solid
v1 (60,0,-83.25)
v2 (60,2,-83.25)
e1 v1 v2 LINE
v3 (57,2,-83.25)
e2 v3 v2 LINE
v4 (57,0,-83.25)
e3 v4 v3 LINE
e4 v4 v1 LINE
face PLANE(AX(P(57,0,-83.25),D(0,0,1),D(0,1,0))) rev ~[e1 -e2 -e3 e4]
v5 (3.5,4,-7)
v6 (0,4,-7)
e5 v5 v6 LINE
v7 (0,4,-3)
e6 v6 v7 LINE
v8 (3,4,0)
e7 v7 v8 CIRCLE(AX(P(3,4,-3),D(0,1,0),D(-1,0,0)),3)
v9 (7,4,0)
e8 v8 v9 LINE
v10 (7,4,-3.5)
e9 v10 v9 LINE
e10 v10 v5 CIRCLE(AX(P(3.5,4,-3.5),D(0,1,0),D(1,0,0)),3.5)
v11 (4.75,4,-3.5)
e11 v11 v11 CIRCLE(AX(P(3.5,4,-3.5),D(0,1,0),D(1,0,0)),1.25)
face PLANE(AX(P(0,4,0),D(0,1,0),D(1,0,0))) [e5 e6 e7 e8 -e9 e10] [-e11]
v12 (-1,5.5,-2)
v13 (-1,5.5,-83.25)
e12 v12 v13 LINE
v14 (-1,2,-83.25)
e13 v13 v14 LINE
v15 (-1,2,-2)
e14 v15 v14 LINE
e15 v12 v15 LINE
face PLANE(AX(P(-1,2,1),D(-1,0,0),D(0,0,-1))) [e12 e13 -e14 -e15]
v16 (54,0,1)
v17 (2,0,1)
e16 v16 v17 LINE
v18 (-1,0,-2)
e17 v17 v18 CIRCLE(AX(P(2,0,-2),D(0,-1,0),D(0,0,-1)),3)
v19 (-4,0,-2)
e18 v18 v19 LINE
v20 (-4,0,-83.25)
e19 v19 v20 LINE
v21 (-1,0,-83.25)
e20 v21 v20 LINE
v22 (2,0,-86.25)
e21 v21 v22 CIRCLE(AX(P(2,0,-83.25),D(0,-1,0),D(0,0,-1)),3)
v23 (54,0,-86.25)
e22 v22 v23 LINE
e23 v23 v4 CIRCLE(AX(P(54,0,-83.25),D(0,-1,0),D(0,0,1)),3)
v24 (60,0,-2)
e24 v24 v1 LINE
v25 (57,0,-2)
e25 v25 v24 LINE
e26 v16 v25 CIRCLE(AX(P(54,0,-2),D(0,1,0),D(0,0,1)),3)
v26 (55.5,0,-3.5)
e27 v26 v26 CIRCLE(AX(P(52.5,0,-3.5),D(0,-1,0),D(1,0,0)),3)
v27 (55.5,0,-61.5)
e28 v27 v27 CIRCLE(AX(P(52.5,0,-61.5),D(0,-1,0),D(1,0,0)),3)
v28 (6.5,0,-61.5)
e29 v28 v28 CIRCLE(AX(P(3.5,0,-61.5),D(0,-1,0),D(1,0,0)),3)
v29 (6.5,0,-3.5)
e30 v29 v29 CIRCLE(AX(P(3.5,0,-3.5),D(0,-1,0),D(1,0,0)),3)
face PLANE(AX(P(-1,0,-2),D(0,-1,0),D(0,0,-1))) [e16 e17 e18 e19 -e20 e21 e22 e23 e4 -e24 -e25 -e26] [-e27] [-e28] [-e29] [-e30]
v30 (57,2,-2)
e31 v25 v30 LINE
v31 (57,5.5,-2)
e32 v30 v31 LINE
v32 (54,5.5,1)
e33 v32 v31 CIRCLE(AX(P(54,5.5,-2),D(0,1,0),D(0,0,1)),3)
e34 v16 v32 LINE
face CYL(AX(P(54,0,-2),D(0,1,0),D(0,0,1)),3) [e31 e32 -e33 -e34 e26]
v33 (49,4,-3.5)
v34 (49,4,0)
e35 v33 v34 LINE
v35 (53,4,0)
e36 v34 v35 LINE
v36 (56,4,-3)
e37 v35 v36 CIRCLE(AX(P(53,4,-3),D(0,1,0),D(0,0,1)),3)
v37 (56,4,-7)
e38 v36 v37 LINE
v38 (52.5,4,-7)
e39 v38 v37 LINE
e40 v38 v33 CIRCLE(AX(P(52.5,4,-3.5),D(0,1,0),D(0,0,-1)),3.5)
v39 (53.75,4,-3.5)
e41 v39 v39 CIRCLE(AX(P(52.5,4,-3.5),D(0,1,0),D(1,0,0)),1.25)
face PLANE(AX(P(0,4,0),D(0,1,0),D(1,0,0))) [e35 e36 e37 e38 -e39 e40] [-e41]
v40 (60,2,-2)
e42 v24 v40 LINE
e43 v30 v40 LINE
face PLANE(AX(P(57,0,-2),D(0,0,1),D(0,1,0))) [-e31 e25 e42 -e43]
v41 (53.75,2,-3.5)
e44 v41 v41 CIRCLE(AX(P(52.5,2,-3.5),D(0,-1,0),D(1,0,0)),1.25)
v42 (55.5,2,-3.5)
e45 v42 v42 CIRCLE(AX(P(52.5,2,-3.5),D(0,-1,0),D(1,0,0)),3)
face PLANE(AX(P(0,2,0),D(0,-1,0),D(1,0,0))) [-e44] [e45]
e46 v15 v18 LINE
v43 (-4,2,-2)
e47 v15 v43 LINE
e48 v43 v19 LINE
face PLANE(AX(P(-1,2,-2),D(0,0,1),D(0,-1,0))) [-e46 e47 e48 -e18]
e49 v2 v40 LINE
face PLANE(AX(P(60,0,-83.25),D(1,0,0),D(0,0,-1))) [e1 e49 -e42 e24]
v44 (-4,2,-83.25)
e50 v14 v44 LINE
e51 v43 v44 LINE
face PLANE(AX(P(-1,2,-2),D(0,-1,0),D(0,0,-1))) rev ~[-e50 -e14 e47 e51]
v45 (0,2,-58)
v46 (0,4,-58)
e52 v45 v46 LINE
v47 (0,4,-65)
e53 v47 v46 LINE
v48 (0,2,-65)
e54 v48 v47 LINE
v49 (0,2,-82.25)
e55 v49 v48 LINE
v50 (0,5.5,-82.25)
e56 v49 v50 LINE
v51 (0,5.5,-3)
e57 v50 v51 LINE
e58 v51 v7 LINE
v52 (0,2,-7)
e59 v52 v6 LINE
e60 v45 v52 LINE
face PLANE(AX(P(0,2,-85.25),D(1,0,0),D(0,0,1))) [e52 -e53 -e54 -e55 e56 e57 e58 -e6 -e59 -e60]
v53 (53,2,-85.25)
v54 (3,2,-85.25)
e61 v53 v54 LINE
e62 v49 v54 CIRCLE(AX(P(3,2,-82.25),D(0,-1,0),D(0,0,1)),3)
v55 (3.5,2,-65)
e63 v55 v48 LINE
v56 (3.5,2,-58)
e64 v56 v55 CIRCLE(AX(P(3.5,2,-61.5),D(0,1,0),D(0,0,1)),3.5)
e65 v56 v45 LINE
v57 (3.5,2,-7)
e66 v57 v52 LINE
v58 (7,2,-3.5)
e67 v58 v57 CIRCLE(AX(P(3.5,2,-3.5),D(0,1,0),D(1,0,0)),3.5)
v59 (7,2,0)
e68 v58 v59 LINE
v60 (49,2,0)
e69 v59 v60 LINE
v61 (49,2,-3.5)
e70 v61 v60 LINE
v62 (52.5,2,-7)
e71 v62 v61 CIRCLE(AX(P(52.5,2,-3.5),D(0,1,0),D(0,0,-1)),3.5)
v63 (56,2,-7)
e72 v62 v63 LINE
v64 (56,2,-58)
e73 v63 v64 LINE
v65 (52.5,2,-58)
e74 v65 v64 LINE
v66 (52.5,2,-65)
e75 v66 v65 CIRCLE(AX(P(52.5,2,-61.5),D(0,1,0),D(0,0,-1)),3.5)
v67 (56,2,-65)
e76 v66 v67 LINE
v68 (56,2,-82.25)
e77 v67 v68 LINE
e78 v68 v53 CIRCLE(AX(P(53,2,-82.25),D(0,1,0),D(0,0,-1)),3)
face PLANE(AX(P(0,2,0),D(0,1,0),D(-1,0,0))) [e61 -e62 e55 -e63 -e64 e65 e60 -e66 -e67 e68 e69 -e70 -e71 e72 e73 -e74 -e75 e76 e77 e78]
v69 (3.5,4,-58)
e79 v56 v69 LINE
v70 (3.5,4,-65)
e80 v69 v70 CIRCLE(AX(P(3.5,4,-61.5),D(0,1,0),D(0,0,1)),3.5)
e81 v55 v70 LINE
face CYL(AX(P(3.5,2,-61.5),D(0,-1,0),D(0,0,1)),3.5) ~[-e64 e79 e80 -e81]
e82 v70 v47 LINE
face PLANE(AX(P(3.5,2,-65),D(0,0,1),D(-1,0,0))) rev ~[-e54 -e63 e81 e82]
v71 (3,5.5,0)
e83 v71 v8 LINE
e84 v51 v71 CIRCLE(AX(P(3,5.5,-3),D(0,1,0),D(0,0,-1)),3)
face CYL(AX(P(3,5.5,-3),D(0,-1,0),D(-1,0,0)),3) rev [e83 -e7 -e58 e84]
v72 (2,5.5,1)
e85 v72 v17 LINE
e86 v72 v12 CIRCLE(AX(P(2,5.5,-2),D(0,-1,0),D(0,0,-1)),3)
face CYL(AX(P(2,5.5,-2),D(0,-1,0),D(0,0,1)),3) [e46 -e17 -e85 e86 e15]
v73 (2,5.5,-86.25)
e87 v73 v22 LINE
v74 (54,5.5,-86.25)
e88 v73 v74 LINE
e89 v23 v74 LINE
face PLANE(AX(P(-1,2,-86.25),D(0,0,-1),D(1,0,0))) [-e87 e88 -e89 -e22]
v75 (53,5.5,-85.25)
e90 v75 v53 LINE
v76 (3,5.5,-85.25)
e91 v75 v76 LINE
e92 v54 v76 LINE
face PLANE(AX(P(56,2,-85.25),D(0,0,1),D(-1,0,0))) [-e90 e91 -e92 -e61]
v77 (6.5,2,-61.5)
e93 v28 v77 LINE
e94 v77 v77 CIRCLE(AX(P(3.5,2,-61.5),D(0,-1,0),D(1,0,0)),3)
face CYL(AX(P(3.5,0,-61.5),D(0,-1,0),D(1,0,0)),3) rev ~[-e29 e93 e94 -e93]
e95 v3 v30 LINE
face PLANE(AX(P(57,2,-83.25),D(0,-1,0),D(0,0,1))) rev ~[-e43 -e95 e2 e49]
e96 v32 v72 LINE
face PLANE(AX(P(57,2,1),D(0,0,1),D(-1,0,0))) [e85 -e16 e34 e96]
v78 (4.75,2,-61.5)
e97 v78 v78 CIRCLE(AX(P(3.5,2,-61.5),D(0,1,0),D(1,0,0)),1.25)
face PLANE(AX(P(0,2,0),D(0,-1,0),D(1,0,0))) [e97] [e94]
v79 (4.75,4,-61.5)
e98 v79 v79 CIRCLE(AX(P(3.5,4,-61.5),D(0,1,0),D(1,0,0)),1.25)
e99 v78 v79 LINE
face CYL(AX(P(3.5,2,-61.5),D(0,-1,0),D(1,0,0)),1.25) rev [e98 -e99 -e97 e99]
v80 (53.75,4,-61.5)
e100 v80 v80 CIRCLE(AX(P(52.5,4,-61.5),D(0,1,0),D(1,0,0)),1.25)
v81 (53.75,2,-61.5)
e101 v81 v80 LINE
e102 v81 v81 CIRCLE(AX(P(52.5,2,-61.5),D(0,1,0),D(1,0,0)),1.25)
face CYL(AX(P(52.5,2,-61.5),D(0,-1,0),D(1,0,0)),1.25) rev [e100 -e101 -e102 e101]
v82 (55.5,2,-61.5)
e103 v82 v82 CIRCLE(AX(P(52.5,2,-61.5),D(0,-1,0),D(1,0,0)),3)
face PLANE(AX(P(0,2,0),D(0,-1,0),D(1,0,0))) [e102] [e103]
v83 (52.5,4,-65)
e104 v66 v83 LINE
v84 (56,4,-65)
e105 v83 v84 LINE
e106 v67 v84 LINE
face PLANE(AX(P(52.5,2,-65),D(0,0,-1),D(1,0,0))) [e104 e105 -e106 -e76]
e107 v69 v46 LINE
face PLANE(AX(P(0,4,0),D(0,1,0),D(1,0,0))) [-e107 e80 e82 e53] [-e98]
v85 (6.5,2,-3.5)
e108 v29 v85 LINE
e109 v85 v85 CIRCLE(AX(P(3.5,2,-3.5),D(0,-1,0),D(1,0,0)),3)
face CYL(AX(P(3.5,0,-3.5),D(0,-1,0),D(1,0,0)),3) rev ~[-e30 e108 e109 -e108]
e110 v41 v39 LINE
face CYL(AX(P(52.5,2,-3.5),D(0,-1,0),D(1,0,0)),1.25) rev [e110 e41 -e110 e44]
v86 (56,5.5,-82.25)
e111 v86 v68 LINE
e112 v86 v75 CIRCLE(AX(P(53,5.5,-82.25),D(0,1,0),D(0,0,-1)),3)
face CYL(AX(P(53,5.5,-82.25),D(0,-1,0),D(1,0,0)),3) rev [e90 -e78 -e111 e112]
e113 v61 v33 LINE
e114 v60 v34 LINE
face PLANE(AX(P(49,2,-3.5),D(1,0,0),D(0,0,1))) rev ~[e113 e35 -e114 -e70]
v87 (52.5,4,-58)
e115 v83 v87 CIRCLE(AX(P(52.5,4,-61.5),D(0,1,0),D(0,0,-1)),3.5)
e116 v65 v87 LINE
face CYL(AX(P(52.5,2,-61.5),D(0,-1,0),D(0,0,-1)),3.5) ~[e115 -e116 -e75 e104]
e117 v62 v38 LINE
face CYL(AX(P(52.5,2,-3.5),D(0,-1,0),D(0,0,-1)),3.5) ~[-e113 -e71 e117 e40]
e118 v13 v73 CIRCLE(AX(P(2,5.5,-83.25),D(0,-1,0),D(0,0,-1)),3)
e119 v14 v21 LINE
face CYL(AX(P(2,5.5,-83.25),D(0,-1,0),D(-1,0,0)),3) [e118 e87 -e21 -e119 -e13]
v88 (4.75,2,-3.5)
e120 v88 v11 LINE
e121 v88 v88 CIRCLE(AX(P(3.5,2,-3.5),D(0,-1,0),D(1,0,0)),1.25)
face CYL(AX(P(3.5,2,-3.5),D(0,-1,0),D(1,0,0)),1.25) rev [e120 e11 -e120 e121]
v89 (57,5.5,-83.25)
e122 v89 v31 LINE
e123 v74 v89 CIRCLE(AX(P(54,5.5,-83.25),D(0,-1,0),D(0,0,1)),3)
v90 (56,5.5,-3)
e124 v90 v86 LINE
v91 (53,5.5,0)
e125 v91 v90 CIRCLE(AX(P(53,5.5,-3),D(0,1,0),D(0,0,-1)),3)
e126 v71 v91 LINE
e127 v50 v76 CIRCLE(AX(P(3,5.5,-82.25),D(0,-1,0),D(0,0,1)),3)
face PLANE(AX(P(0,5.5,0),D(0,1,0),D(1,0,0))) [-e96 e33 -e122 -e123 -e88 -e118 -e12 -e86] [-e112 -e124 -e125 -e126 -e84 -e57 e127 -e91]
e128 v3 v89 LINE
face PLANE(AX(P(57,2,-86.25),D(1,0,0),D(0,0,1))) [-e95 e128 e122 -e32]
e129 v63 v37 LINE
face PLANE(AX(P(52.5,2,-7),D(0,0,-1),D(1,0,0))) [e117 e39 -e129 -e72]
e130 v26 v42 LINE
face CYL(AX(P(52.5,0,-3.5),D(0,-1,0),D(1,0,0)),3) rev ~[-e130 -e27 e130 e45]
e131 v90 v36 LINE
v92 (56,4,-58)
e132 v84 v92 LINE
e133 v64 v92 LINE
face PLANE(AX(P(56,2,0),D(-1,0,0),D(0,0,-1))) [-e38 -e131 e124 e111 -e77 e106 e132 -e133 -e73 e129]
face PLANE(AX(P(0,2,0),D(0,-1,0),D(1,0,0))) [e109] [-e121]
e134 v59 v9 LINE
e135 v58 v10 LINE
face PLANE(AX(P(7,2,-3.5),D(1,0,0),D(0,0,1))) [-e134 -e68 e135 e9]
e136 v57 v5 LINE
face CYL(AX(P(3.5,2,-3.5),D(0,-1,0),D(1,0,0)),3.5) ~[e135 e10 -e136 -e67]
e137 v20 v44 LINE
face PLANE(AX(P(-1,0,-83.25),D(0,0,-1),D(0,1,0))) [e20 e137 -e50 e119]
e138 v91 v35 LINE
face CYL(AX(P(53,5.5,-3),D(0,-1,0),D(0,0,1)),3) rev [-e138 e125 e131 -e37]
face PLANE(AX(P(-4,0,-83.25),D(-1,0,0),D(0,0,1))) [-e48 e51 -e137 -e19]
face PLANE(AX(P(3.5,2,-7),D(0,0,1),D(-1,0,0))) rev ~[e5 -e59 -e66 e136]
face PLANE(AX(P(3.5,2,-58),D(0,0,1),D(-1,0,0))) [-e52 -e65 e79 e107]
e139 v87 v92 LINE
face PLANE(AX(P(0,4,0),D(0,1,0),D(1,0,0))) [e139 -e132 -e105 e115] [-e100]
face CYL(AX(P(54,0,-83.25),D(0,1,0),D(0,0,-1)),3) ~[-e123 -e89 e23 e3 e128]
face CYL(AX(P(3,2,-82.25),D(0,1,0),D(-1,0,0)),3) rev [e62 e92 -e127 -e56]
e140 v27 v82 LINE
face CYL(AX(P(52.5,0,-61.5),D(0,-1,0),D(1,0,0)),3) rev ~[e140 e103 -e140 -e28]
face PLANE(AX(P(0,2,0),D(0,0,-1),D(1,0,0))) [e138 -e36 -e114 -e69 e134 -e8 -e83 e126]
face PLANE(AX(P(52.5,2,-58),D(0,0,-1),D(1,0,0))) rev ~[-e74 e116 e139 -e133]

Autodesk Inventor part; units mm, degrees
ref_plane "YZ Plane" through (0, 0, 0) normal (1, 0, 0) x (0, 1, 0)
ref_plane "XZ Plane" through (0, 0, 0) normal (0, 1, 0) x (-1, 0, 0)
ref_plane "XY Plane" through (0, 0, 0) normal (0, 0, 1) x (1, 0, 0)
sketch "Sketch1" plane through (0, 0, 0) normal (0, 1, 0) x (-1, 0, 0)
  line L0 (0, 0) -> (-56, 0)
  line L1 (-56, 0) -> (-56, -85.25)
  line L2 (-56, -85.25) -> (0, -85.25)
  line L3 (0, -85.25) -> (0, 0)
  dimension "d0" = 56
  dimension "d1" = 85.25
extrude "Extrusion1" add sketch "Sketch1" along normal blind 2
sketch "Sketch2" plane through (0, 2, 0) normal (0, 1, 0) x (1, 0, 0)
  line L0 (0, 85.25) -> (0, 0) projected
  line L1 (0, 0) -> (56, 0) projected
  line L2 (56, 0) -> (56, 85.25) projected
  line L3 (56, 85.25) -> (0, 85.25) projected
  line L4 (0, 85.25) -> (0, 0) projected
  line L5 (0, 0) -> (56, 0)
  line L6 (56, 0) -> (56, 85.25)
  line L7 (56, 85.25) -> (0, 85.25)
  line L8 (0, 85.25) -> (0, 0)
  line L9 (57, -1) -> (-1, -1)
  line L10 (-1, -1) -> (-1, 86.25)
  line L11 (-1, 86.25) -> (57, 86.25)
  line L12 (57, 86.25) -> (57, -1)
  dimension "d5" = 1
extrude "Extrusion2" add sketch "Sketch2" along normal blind 3.5 and the other way blind 2
fillet "Fillet1" radius 3 8 edges at (-1, 2.75, 1) (57, 2.75, 1) (57, 2.75, -86.25) (-1, 2.75, -86.25) (56, 3.75, 0) (0, 3.75, 0) (56, 3.75, -85.25) (0, 3.75, -85.25)
sketch "Sketch3" plane through (0, 2, 0) normal (0, 1, 0) x (1, 0, 0)
  line L0 (2, -1) -> (54, -1) projected
  line L1 (53, 0) -> (3, 0) projected
  line L2 (0, 3) -> (0, 82.25) projected
  line L3 (-1, 83.25) -> (-1, 2) projected
  line L4 (-1, 2) -> (-1, 83.25) projected
  arc A0 (0, 3) -> (3, 0) centre (3, 3) ccw projected
  line L5 (0, 82.25) -> (0, 3) projected
  line L6 (0, 3) -> (0, 0)
  line L7 (0, 0) -> (3, 0)
  line L8 (3, 0) -> (3.5, 0)
  line L9 (3.5, 0) -> (3.5, 3.5)
  circle A1 centre (3.5, 3.5) radius 1.25
  arc A2 (53, 0) -> (56, 3) centre (53, 3) ccw projected
  line L10 (56, 3) -> (56, 0)
  line L11 (56, 0) -> (53, 0)
  line L12 (53, 0) -> (52.5, 0)
  line L13 (52.5, 0) -> (52.5, 3.5)
  circle A3 centre (52.5, 3.5) radius 1.25
  arc A4 (3, 85.25) -> (0, 82.25) centre (3, 82.25) ccw projected
  line L14 (0, 82.25) -> (0, 85.25)
  line L15 (0, 85.25) -> (3, 85.25)
  line L16 (3, 85.25) -> (53, 85.25) projected
  circle A5 centre (3.5, 61.5) radius 1.25
  line L17 (56, 82.25) -> (56, 3) projected
  line L18 (56, 82.25) -> (56, 85.25)
  line L19 (56, 85.25) -> (56.5, 85.25)
  arc A6 (56, 82.25) -> (53, 85.25) centre (53, 82.25) ccw projected
  circle A7 centre (52.5, 61.5) radius 1.25
  dimension "d9" = 0.5
  dimension "d10" = 3.5
  dimension "d11" = 2.5
  dimension "d12" = 0.5
  dimension "d13" = 3.5
  dimension "d14" = 2.5
  dimension "d17" = 2.5
  dimension "d21" = 2.5
  dimension "d24" = 61.5
  dimension "d25" = 3.5
  dimension "d26" = 61.5
  dimension "d27" = 3.5
extrude "Extrusion3" cut sketch "Sketch3" against normal up to next contours A1 | A3 | A5 | A7
sketch "Sketch4" plane through (0, 2, 0) normal (0, 1, 0) x (1, 0, 0)
  circle A0 centre (3.5, 3.5) radius 1.25 projected
  arc A1 (0, 3) -> (3, 0) centre (3, 3) ccw projected
  arc A2 (7, 3.5) -> (3.5, 7) centre (3.5, 3.5) ccw
  line L0 (3, 0) -> (53, 0) projected
  line L1 (3.5, 7) -> (0, 7)
  line L2 (0, 82.25) -> (0, 3) projected
  line L3 (7, 3.5) -> (7, 0)
  circle A3 centre (3.5, 3.5) radius 1.25
  circle A4 centre (52.5, 3.5) radius 1.25 projected
  line L4 (56, 82.25) -> (56, 3) projected
  line L5 (53, 0) -> (3, 0) projected
  circle A5 centre (56.5, 3.5) radius 1.25
  circle A6 centre (3.5, 61.5) radius 1.25 projected
  circle A7 centre (52.5, 61.5) radius 1.25 projected
  arc A8 (3.5, 58) -> (3.5, 65) centre (3.5, 61.5) ccw
  arc A9 (52.5, 65) -> (52.5, 58) centre (52.5, 61.5) ccw
  line L6 (3.5, 65) -> (0, 65)
  line L7 (3.5, 58) -> (0, 58)
  line L8 (52.5, 65) -> (56, 65)
  line L9 (52.5, 58) -> (56, 58)
  circle A10 centre (3.5, 61.5) radius 1.25
  circle A11 centre (52.5, 61.5) radius 1.25
  circle A12 centre (3.5, 61.5) radius 1.25 projected
  circle A13 centre (3.5, 3.5) radius 1.25 projected
  circle A14 centre (52.5, 3.5) radius 1.25 projected
  circle A15 centre (52.5, 61.5) radius 1.25 projected
  arc A16 (3, 85.25) -> (0, 82.25) centre (3, 82.25) ccw projected
  line L10 (0, 82.25) -> (0, 3) projected
  arc A17 (0, 3) -> (3, 0) centre (3, 3) ccw projected
  line L11 (3, 0) -> (53, 0) projected
  arc A18 (53, 0) -> (56, 3) centre (53, 3) ccw projected
  line L12 (56, 3) -> (56, 82.25) projected
  arc A19 (56, 82.25) -> (53, 85.25) centre (53, 82.25) ccw projected
  line L13 (53, 85.25) -> (3, 85.25) projected
  arc A20 (53, 0) -> (56, 3) centre (53, 3) ccw projected
  arc A21 (52.5, 7) -> (49, 3.5) centre (52.5, 3.5) ccw
  line L14 (52.5, 7) -> (56, 7)
  line L15 (49, 3.5) -> (49, 0)
  point P0 (0, 0)
  dimension "d31" = 7
  dimension "d32" = 7
  dimension "d33" = 7
extrude "Extrusion4" add sketch "Sketch4" along normal blind 2 contours L2 L1 A2 L3 L0 A1 | L2 L6 A8 L7 | L15 A21 L14 L4 A5 A18 L0 | A5 L4 A18 | L9 A9 L8 L4 picked at (55.9186, 4.05)
sketch "Sketch5" plane through (57, 0, -83.25) normal (1, 0, 0) x (0, 0, -1)
  line L0 (-81.25, 0) -> (-81.25, 5.5) projected
  line L1 (0, 0) -> (0, 5.5) projected
  line L2 (-81.25, 0) -> (0, 0)
  line L3 (0, 0) -> (0, 2)
  line L4 (0, 2) -> (-81.25, 2)
  line L5 (-81.25, 2) -> (-81.25, 0)
  point P0 (-83.25, 0)
  dimension "d36" = 2
extrude "Extrusion5" add sketch "Sketch5" along normal blind 3
sketch "Sketch6" plane through (-1, 0, -83.25) normal (-1, 0, 0) x (0, 0, 1)
  line L0 (81.25, 2) -> (0, 2) projected
  line L1 (81.25, 0) -> (0, 0) projected
  line L2 (81.25, 5.5) -> (81.25, 0) projected
  line L3 (0, 0) -> (0, 5.5) projected
  point P0 (83.25, 0)
extrude "Extrusion6" add sketch "Sketch6" along normal blind 3
sketch "Sketch7" plane through (0, 0, 0) normal (0, -1, 0) x (1, 0, 0)
  circle A0 centre (3.5, -3.5) radius 1.25 projected
  circle A1 centre (52.5, -3.5) radius 1.25 projected
  circle A2 centre (52.5, -61.5) radius 1.25 projected
  circle A3 centre (3.5, -61.5) radius 1.25 projected
  circle A4 centre (3.5, -3.5) radius 3
  circle A5 centre (52.5, -3.5) radius 3
  circle A6 centre (52.5, -61.5) radius 3
  circle A7 centre (3.5, -61.5) radius 3
  point P0 (0, 0)
  dimension "d41" = 6
  dimension "d42" = 6
  dimension "d43" = 6
  dimension "d44" = 6
extrude "Extrusion7" cut sketch "Sketch7" against normal blind 2
properties part number "pi-holder"
